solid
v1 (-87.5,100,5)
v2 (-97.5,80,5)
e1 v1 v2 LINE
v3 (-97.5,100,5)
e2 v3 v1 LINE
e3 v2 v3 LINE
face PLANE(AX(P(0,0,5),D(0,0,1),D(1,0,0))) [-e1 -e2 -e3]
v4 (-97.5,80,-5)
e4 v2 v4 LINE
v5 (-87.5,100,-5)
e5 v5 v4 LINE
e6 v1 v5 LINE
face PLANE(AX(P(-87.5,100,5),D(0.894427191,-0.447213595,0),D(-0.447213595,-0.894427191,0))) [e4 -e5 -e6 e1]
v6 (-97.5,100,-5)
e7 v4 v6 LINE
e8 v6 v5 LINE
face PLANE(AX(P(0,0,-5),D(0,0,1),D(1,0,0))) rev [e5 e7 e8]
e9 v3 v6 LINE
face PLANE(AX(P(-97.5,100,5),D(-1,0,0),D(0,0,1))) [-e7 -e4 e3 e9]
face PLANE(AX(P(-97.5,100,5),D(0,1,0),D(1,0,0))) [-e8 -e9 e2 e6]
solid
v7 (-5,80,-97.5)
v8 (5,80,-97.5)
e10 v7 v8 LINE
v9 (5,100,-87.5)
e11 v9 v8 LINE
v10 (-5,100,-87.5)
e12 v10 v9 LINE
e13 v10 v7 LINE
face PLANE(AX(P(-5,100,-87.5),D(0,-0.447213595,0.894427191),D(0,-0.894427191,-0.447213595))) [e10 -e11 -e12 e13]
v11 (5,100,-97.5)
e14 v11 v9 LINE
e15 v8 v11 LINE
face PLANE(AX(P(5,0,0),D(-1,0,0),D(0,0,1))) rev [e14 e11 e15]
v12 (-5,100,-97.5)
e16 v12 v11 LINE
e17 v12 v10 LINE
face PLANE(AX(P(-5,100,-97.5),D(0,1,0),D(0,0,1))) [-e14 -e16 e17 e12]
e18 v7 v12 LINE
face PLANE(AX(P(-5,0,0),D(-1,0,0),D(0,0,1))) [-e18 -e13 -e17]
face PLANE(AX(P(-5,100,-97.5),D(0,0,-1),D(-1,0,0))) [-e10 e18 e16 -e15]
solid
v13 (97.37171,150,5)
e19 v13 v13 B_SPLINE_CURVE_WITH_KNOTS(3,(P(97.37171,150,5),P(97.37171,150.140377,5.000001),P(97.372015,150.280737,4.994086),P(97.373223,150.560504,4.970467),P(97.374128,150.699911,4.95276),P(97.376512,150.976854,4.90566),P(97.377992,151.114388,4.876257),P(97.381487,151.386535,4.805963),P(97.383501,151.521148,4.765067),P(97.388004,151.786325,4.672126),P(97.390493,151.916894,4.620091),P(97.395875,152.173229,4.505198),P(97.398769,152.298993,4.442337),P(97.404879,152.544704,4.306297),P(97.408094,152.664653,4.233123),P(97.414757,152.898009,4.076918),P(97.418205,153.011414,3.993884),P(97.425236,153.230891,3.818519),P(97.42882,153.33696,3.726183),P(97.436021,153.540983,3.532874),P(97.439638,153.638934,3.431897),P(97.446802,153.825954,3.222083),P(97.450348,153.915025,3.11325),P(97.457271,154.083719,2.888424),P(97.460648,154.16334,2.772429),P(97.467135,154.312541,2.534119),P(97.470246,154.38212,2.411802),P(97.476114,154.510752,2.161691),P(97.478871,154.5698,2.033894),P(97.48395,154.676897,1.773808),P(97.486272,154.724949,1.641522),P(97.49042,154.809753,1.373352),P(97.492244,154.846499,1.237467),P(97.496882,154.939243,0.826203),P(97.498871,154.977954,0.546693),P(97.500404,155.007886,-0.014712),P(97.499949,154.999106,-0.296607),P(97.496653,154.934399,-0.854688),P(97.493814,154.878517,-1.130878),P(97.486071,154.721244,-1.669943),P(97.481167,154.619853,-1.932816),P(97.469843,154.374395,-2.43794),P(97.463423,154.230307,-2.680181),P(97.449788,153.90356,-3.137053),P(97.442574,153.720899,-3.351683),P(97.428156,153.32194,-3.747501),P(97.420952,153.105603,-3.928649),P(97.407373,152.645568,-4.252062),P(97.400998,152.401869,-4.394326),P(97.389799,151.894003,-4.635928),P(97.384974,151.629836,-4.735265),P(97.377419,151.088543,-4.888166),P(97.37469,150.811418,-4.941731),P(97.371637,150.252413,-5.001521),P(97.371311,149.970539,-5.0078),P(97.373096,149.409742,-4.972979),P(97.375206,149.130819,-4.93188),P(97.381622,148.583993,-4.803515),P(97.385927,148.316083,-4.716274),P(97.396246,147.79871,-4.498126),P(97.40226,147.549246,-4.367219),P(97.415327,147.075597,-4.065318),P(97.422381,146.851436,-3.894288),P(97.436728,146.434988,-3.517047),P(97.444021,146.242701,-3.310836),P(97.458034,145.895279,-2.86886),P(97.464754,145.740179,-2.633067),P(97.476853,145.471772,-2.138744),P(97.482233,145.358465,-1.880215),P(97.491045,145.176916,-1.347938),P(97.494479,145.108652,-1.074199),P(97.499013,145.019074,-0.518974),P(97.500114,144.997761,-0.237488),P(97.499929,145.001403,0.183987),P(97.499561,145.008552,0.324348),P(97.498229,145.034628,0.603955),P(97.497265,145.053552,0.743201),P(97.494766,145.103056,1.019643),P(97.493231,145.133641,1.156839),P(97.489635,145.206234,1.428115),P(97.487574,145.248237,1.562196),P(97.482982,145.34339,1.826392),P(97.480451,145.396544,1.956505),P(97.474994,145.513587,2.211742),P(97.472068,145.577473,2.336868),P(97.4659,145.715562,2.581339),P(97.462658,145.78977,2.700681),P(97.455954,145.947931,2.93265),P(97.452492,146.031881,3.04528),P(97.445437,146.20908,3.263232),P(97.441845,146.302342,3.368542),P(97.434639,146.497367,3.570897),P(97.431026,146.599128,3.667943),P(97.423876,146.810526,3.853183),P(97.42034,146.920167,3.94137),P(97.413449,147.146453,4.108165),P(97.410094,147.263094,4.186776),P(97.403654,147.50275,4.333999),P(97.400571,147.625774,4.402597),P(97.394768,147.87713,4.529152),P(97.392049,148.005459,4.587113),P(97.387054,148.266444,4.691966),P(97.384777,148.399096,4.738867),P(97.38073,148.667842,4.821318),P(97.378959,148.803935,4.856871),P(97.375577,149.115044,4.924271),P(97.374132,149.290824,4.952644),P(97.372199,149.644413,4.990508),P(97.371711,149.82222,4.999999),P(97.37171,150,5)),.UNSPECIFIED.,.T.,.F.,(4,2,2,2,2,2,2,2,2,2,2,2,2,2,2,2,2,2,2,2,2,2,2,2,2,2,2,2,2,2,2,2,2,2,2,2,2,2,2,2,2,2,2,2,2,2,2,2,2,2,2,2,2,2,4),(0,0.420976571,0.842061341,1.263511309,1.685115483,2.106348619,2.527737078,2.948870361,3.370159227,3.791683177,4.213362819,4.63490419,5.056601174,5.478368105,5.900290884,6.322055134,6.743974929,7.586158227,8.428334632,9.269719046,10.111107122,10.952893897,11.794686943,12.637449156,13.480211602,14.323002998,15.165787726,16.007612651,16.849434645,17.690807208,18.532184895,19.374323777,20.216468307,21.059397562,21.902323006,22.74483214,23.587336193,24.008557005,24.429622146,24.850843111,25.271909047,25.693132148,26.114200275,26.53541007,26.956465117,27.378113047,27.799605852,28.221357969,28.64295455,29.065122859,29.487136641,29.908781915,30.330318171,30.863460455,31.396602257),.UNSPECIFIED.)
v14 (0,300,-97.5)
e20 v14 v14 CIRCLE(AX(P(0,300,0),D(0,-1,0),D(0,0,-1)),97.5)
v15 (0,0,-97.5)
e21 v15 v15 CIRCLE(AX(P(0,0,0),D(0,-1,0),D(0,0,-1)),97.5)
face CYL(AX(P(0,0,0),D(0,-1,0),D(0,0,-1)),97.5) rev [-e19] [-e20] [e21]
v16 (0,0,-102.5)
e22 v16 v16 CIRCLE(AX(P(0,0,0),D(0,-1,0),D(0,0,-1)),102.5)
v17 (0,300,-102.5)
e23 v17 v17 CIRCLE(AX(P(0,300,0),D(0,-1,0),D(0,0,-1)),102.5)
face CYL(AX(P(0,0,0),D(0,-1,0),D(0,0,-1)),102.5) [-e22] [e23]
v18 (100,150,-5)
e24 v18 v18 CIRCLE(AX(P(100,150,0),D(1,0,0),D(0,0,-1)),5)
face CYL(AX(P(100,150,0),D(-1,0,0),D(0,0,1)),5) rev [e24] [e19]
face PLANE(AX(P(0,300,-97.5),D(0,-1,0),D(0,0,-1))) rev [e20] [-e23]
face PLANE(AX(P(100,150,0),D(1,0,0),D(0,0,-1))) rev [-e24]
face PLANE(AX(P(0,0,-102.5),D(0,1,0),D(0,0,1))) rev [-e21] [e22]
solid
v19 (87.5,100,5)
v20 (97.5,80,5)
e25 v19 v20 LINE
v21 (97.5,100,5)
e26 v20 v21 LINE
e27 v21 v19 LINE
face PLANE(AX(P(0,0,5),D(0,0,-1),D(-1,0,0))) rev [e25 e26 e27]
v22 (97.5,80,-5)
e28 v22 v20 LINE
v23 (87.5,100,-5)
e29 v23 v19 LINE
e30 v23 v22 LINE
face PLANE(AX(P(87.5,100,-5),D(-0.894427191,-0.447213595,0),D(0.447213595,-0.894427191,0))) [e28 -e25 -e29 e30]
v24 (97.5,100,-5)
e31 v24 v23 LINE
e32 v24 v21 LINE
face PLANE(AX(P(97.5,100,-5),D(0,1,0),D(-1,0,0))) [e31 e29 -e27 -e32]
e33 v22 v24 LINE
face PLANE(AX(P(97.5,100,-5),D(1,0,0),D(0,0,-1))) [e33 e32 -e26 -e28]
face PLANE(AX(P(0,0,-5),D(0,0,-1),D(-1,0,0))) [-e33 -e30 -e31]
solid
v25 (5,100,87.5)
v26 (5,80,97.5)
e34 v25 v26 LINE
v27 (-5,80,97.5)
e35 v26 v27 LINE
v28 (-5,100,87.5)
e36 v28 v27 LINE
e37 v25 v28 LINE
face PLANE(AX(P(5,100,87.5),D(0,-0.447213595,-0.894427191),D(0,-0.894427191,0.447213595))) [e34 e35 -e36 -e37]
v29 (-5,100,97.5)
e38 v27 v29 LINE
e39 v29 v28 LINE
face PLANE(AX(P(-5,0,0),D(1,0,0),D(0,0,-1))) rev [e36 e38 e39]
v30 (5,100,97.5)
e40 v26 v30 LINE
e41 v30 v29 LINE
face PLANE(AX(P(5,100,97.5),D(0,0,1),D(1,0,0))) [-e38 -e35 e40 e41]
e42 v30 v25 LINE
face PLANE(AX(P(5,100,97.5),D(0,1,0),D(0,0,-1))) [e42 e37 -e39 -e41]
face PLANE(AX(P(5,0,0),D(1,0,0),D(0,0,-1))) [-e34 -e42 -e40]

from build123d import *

# Parameters (mm, degrees)
SKETCH1_W                = 5
SKETCH1_H                = 300
BOSS_EXTRUDE1_DEPTH      = 5
BOSS_EXTRUDE1_DEPTH_BACK = 5
CIRPATTERN1_COUNT        = 4
SKETCH4_R                = 5
CUT_EXTRUDE1_DEPTH       = 100


with BuildPart() as part:
    # Sketch1 → Revolve-Thin1 (revolve)
    with BuildSketch(Plane(origin=(0, 0, 0), x_dir=(0, 0, -1), z_dir=(1, 0, 0))):
        with Locations((100, 150)):
            Rectangle(SKETCH1_W, SKETCH1_H)
    revolve(axis=Axis((0, 0, 0), (0, 1, 0)))

    # Sketch4 → Cut-Extrude1 (cut)
    with BuildSketch(Plane(origin=(0, 0, 0), x_dir=(0, 0, -1), z_dir=(1, 0, 0))):
        with Locations(Location((0, 150, 0), (0, 0, 180))):
            Circle(SKETCH4_R)
    extrude(amount=CUT_EXTRUDE1_DEPTH, mode=Mode.SUBTRACT)


with BuildPart() as body_2:
    # Sketch3 → Boss-Extrude1 (new, two sides: drawn at the far end of the back side and taken through both)
    with BuildSketch(Plane(origin=(0, 0, 0), x_dir=(0, 0, -1), z_dir=(1, 0, 0)).offset(-BOSS_EXTRUDE1_DEPTH_BACK)):
        Polygon((97.5, 100), (97.5, 80), (87.5, 100), align=None)
    extrude(amount=BOSS_EXTRUDE1_DEPTH + BOSS_EXTRUDE1_DEPTH_BACK)


with BuildPart() as cirpattern1_1:
    # CirPattern1: pattern copy
    add(body_2.part.rotate(Axis((0, 0, 0), (0, 1, 0)), 1 * 360 / CIRPATTERN1_COUNT))


with BuildPart() as cirpattern1_2:
    # CirPattern1: pattern copy
    add(body_2.part.rotate(Axis((0, 0, 0), (0, 1, 0)), 2 * 360 / CIRPATTERN1_COUNT))


with BuildPart() as cirpattern1_3:
    # CirPattern1: pattern copy
    add(body_2.part.rotate(Axis((0, 0, 0), (0, 1, 0)), 3 * 360 / CIRPATTERN1_COUNT))


solid = Compound([part.part, body_2.part, cirpattern1_1.part, cirpattern1_2.part, cirpattern1_3.part])
